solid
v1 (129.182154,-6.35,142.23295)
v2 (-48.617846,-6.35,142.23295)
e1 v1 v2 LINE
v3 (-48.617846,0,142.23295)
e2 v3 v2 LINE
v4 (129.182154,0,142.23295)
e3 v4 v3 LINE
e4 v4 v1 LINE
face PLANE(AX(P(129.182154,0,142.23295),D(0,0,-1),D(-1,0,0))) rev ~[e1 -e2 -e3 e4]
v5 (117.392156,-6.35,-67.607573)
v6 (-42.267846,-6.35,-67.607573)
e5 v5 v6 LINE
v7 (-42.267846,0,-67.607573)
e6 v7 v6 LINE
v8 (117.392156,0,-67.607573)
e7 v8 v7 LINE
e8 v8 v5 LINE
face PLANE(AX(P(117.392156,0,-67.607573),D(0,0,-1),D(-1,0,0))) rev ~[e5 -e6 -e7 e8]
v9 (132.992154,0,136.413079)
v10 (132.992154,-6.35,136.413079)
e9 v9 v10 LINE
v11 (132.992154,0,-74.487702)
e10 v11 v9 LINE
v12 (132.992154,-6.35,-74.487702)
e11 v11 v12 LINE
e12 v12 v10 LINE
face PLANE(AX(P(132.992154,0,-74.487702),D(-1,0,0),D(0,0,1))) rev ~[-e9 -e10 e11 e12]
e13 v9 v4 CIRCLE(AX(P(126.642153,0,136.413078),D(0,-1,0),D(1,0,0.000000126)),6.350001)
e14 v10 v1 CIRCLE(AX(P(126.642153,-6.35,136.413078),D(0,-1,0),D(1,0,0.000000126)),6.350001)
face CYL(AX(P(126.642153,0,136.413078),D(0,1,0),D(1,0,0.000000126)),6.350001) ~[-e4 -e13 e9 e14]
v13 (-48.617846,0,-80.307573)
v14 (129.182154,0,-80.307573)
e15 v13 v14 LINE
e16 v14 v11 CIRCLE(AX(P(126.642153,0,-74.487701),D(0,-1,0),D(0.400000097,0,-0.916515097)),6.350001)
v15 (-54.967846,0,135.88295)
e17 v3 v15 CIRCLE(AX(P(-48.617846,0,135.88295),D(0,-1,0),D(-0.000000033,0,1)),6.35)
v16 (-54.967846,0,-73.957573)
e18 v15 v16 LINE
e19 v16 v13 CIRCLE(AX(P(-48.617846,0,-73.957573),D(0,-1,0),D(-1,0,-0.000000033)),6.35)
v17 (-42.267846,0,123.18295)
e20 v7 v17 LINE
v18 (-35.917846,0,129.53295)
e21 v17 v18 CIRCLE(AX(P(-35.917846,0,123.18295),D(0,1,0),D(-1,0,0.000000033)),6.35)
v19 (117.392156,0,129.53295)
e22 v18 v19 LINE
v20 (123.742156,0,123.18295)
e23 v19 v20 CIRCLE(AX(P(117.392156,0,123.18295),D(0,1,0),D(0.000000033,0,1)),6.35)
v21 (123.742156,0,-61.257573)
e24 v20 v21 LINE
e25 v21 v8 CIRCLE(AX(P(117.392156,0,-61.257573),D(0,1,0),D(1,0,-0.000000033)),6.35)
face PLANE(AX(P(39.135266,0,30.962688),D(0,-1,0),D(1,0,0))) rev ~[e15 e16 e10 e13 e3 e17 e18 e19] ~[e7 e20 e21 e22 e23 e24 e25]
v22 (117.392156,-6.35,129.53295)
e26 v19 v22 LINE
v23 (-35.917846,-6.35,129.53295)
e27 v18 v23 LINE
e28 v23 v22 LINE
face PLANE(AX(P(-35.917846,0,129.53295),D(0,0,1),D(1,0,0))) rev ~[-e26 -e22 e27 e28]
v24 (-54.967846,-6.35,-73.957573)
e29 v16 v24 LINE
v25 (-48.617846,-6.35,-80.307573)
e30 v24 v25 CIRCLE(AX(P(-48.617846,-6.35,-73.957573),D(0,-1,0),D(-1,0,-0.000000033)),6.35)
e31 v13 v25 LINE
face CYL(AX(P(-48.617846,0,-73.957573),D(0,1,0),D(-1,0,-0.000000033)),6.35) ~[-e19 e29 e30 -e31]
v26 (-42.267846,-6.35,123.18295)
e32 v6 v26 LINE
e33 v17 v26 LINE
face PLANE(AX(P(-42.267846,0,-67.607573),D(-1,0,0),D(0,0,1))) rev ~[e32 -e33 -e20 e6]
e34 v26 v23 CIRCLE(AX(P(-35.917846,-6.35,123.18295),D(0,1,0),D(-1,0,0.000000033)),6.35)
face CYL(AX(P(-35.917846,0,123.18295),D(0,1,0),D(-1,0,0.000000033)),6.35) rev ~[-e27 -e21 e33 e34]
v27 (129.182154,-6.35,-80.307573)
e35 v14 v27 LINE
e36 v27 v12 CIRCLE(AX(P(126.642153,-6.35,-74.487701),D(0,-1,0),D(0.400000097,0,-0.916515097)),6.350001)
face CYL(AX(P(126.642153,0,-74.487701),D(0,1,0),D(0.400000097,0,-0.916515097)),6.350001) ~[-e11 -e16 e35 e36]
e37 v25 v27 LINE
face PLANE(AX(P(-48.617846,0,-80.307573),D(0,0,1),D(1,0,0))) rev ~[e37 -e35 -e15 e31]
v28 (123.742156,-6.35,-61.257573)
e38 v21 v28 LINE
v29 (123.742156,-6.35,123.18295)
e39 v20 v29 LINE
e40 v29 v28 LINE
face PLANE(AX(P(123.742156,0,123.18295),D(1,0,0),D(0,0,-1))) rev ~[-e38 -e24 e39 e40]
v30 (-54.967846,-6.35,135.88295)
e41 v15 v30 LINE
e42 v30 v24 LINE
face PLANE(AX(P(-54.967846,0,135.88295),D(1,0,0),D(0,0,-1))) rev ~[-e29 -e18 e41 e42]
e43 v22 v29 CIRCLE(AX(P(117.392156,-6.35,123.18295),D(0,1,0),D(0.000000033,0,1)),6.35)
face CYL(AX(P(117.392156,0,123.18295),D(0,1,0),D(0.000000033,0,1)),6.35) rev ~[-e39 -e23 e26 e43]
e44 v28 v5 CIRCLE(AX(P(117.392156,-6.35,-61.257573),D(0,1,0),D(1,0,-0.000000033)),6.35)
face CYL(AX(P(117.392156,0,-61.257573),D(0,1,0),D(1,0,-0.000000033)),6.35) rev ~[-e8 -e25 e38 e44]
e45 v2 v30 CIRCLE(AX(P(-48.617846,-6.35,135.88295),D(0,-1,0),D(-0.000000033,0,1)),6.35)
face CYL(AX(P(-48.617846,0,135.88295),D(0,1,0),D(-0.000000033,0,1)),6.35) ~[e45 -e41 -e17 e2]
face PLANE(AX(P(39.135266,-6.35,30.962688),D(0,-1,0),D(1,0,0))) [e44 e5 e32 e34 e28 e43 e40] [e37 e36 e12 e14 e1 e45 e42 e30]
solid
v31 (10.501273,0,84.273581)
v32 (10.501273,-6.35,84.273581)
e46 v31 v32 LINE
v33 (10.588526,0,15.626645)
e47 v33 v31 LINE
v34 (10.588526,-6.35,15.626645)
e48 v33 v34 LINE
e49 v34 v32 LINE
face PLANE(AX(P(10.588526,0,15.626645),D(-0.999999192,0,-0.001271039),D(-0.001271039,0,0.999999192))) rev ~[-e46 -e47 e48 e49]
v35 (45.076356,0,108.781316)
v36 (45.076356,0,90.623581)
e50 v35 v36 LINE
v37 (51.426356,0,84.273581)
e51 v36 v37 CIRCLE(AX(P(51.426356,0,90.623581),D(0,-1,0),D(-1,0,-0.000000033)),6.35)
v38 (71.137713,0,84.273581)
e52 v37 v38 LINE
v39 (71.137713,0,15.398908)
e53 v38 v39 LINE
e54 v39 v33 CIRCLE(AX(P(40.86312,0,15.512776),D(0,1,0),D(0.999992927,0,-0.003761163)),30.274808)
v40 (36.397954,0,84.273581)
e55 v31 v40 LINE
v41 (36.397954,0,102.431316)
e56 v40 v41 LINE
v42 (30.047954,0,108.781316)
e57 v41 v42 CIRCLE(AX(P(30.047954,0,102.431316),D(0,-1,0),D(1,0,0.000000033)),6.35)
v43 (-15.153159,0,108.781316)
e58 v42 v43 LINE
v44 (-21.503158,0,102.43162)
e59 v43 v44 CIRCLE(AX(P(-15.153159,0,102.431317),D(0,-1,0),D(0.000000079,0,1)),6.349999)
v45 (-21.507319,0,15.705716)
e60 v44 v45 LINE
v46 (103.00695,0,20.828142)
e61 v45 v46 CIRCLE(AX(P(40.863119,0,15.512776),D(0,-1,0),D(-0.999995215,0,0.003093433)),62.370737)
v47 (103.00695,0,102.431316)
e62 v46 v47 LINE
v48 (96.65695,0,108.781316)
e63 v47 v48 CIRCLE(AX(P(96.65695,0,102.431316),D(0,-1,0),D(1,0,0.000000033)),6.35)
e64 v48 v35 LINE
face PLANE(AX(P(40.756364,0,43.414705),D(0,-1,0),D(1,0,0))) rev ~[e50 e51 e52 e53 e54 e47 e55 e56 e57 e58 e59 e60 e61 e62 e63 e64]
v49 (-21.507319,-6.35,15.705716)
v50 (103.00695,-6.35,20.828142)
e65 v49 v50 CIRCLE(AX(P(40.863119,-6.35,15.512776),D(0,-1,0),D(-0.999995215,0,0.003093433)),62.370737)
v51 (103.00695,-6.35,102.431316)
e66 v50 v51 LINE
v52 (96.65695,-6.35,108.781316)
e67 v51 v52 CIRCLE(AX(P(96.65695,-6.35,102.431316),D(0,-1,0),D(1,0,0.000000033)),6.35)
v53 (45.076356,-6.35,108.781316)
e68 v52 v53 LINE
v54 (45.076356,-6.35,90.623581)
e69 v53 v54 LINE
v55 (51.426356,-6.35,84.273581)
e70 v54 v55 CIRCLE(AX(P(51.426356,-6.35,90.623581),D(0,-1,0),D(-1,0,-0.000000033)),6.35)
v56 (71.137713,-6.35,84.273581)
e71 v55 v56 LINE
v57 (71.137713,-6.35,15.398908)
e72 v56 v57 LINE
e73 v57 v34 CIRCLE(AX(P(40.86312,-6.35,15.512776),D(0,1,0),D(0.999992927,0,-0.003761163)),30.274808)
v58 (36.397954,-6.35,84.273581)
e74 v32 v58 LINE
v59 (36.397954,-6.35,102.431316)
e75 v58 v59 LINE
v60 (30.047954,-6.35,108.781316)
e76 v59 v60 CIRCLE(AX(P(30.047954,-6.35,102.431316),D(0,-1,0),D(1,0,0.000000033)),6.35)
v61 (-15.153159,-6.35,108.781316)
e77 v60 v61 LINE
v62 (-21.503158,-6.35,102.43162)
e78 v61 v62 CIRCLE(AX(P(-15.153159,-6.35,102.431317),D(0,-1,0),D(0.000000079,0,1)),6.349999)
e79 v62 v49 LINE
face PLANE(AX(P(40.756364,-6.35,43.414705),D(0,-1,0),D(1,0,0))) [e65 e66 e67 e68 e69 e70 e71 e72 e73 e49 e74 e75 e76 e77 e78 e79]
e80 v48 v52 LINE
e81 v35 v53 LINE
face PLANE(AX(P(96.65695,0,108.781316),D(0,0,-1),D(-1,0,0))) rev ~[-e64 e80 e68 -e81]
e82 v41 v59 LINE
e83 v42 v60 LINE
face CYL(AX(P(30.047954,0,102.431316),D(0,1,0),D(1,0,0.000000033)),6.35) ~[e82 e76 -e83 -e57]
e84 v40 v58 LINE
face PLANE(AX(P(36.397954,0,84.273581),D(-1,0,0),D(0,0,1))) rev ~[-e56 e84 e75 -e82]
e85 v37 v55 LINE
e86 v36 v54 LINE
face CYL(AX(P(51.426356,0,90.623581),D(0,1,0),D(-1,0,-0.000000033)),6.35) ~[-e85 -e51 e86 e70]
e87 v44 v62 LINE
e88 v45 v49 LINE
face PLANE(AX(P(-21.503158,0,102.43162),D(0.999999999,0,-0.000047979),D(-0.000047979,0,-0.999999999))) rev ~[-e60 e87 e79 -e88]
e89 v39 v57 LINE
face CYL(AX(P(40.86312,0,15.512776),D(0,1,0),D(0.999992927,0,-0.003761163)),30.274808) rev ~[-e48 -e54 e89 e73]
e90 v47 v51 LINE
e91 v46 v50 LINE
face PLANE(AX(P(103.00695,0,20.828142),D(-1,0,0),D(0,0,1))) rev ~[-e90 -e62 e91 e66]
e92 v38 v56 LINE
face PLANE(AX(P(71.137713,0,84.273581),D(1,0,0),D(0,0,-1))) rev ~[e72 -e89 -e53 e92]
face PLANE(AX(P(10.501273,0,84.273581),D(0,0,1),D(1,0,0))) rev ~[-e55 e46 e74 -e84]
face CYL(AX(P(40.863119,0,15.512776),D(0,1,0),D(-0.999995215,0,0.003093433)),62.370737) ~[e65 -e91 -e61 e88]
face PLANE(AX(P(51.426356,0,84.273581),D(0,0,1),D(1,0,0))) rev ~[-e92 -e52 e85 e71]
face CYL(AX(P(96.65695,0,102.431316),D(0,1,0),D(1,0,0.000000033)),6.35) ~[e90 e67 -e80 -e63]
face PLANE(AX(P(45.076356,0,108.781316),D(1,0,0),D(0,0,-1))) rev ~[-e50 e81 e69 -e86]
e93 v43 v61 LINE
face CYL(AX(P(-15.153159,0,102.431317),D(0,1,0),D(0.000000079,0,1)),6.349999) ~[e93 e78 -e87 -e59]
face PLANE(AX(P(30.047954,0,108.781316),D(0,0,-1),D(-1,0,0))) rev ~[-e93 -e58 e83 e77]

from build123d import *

# Parameters (mm, degrees)
F1_DEPTH = 6.35
F2_DEPTH = 6.35


with BuildPart() as f1:
    # F0 (on Front) → F1 (new body)
    with BuildSketch(Plane.XZ):
        with BuildLine():
            ThreePointArc((103.00695, 102.431316), (101.147078, 106.921444), (96.65695, 108.781316))
            Line((96.65695, 108.781316), (45.076356, 108.781316))
            Line((45.076356, 108.781316), (45.076356, 90.623581))
            ThreePointArc((45.076356, 90.623581), (46.936228, 86.133453), (51.426356, 84.273581))
            Line((51.426356, 84.273581), (71.137713, 84.273581))
            Line((71.137713, 84.273581), (71.137713, 15.398908))
            ThreePointArc((71.137713, 15.398908), (40.749251, -14.761817), (10.588526, 15.626645))
            Line((10.588526, 15.626645), (10.501273, 84.273581))
            Line((10.501273, 84.273581), (36.397954, 84.273581))
            Line((36.397954, 84.273581), (36.397954, 102.431316))
            ThreePointArc((36.397954, 102.431316), (34.538082, 106.921444), (30.047954, 108.781316))
            Line((30.047954, 108.781316), (-15.153159, 108.781316))
            ThreePointArc((-15.153159, 108.781316), (-19.643179, 106.921552), (-21.503158, 102.43162))
            Line((-21.503158, 102.43162), (-21.507319, 15.705716))
            ThreePointArc((-21.507319, 15.705716), (43.426838, -46.805248), (103.00695, 20.828142))
            Line((103.00695, 20.828142), (103.00695, 102.431316))
        make_face()
    extrude(amount=F1_DEPTH)


with BuildPart() as f2:
    # F0 (on Front) → F2 (new body)
    with BuildSketch(Plane.XZ):
        with BuildLine():
            ThreePointArc((-48.617846, 142.23295), (-53.107974, 140.373078), (-54.967846, 135.88295))
            Line((-54.967846, 135.88295), (-54.967846, -73.957573))
            ThreePointArc((-54.967846, -73.957573), (-53.107974, -78.447701), (-48.617846, -80.307573))
            Line((-48.617846, -80.307573), (129.182154, -80.307573))
            ThreePointArc((129.182154, -80.307573), (131.954945, -77.96574), (132.992154, -74.487702))
            Line((132.992154, -74.487702), (132.992154, 136.413079))
            ThreePointArc((132.992154, 136.413079), (131.954945, 139.891117), (129.182154, 142.23295))
            Line((129.182154, 142.23295), (-48.617846, 142.23295))
        make_face()
        with BuildLine():
            Line((-35.917846, 129.53295), (117.392156, 129.53295))
            ThreePointArc((117.392156, 129.53295), (121.882284, 127.673078), (123.742156, 123.18295))
            Line((123.742156, 123.18295), (123.742156, -61.257573))
            ThreePointArc((123.742156, -61.257573), (121.882284, -65.747701), (117.392156, -67.607573))
            Line((117.392156, -67.607573), (-42.267846, -67.607573))
            Line((-42.267846, -67.607573), (-42.267846, 123.18295))
            ThreePointArc((-42.267846, 123.18295), (-40.407974, 127.673078), (-35.917846, 129.53295))
        make_face(mode=Mode.SUBTRACT)
    extrude(amount=F2_DEPTH)


solid = Compound([f1.part, f2.part])
